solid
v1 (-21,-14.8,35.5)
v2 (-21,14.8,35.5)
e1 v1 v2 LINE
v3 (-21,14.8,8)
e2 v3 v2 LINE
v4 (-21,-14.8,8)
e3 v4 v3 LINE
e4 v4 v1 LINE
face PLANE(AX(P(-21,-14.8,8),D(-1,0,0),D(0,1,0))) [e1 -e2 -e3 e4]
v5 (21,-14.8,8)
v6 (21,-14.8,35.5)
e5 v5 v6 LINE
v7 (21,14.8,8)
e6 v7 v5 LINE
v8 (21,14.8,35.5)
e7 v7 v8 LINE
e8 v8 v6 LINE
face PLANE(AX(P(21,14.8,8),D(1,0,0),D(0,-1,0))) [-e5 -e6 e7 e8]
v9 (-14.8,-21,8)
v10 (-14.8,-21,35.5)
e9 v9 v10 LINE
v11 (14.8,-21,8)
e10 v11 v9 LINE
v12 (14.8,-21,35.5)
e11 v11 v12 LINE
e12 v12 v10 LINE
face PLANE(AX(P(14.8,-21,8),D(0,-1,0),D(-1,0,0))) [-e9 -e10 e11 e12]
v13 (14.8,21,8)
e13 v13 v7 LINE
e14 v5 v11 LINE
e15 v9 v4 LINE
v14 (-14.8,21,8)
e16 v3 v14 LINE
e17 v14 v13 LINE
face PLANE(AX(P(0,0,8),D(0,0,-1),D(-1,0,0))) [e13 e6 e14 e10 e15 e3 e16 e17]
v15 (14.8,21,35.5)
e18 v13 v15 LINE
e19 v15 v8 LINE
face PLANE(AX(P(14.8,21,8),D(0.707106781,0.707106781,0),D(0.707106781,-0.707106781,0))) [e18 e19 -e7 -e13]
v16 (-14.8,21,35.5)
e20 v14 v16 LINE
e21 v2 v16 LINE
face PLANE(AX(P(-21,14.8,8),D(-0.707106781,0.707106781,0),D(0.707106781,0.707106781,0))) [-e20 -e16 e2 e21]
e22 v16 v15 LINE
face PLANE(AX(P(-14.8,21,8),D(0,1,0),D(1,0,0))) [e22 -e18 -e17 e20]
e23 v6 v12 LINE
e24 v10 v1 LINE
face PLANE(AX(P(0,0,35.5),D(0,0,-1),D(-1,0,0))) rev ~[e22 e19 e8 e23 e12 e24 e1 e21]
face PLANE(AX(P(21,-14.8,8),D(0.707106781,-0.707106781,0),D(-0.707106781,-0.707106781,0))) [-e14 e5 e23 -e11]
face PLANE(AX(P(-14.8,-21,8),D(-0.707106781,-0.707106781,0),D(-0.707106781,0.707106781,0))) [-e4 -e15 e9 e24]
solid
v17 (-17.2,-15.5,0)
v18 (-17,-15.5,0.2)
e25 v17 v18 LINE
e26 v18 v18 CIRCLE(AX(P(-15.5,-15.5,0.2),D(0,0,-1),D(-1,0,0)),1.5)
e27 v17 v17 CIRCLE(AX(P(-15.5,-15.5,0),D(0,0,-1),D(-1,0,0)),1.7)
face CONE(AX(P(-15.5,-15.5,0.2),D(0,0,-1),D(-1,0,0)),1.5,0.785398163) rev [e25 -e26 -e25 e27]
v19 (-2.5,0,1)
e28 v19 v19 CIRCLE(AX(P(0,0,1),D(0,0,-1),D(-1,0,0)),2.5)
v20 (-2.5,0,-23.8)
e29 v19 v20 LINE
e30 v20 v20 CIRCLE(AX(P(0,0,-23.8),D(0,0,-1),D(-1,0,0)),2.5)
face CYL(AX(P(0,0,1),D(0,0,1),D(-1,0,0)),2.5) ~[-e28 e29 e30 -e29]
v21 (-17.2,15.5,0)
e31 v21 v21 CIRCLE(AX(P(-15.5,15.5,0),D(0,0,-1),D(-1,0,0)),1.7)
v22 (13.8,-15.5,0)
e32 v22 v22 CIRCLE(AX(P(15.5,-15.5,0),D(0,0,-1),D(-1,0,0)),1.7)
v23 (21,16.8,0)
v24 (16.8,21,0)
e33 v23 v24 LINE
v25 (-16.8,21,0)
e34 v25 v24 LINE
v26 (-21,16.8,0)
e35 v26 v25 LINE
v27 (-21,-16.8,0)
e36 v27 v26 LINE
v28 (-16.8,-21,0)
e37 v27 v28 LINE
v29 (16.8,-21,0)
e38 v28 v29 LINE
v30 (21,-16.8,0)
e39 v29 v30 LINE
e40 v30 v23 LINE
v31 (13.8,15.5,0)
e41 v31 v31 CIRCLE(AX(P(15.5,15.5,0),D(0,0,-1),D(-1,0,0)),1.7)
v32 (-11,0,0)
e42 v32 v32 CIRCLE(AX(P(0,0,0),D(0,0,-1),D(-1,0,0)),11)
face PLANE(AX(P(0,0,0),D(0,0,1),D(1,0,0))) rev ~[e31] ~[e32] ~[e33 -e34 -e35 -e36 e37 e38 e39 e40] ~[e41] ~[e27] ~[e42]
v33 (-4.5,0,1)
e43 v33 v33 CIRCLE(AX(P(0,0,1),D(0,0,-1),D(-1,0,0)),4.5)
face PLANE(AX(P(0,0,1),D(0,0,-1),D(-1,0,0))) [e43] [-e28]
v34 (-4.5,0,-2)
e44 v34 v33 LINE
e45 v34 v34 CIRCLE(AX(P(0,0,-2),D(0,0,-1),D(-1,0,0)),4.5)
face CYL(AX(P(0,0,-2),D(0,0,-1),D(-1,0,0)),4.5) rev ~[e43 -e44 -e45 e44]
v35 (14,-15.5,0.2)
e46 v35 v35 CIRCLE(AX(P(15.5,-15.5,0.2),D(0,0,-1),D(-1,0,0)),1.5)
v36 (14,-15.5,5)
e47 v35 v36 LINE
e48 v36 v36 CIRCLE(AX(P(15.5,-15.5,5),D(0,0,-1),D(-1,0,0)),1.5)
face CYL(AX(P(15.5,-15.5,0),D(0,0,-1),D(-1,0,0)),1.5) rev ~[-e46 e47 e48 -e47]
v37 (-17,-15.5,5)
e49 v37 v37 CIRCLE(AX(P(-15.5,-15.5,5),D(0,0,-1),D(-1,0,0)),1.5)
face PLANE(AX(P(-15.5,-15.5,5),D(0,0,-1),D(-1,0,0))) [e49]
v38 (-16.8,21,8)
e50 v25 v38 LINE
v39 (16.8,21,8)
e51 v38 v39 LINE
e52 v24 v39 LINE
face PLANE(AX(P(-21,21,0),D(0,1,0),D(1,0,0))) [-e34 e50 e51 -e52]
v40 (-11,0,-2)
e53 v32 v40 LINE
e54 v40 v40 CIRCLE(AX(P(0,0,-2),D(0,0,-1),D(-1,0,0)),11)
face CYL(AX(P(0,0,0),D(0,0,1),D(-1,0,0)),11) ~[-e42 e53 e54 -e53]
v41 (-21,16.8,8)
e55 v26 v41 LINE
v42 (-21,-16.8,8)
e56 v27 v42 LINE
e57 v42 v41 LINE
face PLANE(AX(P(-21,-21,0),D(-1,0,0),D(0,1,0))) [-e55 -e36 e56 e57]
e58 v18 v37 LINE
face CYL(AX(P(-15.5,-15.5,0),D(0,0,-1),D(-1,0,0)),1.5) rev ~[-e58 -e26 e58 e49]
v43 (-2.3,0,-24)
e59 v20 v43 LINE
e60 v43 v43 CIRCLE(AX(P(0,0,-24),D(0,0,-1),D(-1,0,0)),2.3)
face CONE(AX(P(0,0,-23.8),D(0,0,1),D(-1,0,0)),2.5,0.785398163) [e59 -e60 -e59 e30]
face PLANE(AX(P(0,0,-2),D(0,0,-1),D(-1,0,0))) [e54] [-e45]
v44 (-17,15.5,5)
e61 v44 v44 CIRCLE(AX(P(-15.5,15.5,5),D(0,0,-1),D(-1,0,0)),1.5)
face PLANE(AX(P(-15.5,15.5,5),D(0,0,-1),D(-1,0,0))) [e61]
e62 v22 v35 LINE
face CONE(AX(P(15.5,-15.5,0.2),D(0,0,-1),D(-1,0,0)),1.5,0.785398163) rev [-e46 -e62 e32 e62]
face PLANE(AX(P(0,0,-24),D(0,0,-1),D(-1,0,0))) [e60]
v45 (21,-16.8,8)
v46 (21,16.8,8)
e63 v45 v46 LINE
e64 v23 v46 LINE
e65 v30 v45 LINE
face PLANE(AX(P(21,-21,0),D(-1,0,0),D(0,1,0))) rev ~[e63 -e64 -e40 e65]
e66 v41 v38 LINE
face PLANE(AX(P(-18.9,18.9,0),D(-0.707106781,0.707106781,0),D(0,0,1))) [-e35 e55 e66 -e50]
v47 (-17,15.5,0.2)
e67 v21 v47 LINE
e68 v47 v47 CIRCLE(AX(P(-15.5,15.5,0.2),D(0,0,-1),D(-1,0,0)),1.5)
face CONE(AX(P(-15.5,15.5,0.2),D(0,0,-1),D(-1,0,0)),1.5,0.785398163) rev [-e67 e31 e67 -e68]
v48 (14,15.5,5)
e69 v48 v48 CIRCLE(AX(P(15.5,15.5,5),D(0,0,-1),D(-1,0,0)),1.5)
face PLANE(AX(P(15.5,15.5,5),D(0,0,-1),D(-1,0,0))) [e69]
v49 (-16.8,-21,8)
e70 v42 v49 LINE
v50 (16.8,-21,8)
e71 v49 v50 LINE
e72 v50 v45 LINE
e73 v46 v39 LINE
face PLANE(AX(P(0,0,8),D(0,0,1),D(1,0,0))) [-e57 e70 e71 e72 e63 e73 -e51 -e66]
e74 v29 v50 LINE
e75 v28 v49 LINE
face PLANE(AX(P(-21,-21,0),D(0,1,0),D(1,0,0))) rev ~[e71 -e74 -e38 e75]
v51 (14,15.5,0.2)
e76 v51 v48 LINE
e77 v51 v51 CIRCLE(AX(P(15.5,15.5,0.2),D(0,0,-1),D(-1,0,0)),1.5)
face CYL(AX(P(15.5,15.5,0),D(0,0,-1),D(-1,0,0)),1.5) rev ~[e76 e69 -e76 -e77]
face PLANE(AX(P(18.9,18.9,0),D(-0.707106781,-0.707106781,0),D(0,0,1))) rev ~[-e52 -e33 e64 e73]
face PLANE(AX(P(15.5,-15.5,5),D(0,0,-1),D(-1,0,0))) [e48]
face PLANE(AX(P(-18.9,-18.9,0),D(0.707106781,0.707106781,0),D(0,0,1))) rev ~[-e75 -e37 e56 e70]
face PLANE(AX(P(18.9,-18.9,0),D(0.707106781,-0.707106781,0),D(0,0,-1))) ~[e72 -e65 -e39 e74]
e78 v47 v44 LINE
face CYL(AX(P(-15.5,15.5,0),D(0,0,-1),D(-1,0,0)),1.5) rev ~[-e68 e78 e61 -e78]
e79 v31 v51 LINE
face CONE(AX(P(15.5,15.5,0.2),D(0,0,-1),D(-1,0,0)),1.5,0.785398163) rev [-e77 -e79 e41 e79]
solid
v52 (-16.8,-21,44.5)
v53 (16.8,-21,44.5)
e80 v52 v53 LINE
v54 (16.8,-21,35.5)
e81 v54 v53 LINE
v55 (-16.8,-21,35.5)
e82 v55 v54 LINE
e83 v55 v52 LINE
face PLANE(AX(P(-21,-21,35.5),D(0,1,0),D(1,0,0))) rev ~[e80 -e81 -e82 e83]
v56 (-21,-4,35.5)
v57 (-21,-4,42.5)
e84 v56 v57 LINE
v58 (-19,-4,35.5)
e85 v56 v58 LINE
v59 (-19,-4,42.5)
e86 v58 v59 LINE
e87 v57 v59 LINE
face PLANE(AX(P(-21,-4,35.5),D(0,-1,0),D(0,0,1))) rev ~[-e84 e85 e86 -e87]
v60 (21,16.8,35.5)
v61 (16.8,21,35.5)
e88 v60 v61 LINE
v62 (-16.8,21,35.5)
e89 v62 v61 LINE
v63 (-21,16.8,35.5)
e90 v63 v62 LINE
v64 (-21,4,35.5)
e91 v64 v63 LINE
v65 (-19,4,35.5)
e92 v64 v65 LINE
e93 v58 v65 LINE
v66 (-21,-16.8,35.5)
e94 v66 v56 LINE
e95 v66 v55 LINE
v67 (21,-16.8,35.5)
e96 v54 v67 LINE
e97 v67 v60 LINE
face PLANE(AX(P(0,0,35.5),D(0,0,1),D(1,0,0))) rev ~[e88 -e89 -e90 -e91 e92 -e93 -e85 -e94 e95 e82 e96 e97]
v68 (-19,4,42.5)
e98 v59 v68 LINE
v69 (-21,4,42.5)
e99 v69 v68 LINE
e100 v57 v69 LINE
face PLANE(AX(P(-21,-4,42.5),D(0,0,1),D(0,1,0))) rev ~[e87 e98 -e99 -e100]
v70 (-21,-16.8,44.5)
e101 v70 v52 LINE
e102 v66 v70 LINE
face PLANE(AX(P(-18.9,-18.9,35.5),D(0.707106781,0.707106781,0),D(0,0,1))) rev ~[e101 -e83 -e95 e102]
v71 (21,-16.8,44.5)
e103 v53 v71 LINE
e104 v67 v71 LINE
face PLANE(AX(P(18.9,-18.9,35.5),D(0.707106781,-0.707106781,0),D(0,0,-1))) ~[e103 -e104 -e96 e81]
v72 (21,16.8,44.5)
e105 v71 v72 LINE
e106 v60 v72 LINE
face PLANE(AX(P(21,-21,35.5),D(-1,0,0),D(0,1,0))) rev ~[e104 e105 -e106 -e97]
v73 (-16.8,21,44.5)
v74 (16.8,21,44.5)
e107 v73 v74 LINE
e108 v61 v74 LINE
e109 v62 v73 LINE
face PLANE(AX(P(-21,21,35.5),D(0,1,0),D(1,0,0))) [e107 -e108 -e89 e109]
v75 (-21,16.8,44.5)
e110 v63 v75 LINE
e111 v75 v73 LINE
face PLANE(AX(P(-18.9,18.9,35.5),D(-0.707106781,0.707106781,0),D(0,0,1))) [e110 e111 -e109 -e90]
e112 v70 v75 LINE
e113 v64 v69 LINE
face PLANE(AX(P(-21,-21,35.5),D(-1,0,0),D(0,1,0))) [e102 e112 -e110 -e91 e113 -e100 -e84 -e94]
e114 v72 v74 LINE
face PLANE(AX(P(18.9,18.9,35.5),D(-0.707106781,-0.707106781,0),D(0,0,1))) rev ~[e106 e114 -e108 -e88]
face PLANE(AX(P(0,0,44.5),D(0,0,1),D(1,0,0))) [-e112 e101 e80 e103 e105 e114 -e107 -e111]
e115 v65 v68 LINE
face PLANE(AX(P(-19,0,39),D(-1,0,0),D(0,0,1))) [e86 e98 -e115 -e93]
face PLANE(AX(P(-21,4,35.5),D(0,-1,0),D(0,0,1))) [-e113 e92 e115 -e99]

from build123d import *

# Parameters (mm, degrees)
ESQUISSE1_W             = 42
ESQUISSE1_H             = 42
BOSS_EXTRU_1_DEPTH      = 8
CHANFREIN1_SIZE         = 4.2
BOSS_EXTRU_2_DEPTH      = 27.5
ESQUISSE4_W             = 42
ESQUISSE4_H             = 42
BOSS_EXTRU_3_DEPTH      = 9
CHANFREIN3_SIZE         = 4.2
ESQUISSE5_R             = 11
BOSS_EXTRU_4_DEPTH      = 2
ESQUISSE6_R             = 4.5
ENL_V_MAT_EXTRU_1_DEPTH = 3
ESQUISSE7_R             = 2.5
BOSS_EXTRU_5_DEPTH      = 25
CHANFREIN4_SIZE         = 0.2
ESQUISSE8_R             = 1.5
ENL_V_MAT_EXTRU_2_DEPTH = 5
CHANFREIN5_SIZE         = 0.2
ESQUISSE9_W             = 7
ESQUISSE9_H             = 8
ENL_V_MAT_EXTRU_3_DEPTH = 2


with BuildPart() as part:
    # Esquisse1 → Boss.-Extru.1 (new body)
    with BuildSketch(Plane.XY):
        Rectangle(ESQUISSE1_W, ESQUISSE1_H)
    extrude(amount=BOSS_EXTRU_1_DEPTH)

    # Chanfrein1
    chanfrein1_edges = [part.edges().sort_by_distance(p)[0] for p in [
        (21, -21, 4),
        (-21, -21, 4),
        (-21, 21, 4),
        (21, 21, 4),
    ]]
    chamfer(chanfrein1_edges, length=CHANFREIN1_SIZE)

    # Esquisse5 → Boss.-Extru.4 (add)
    with BuildSketch(Plane(origin=(0, 0, 0), x_dir=(-1, 0, 0), z_dir=(0, 0, -1))):
        Circle(ESQUISSE5_R)
    extrude(amount=BOSS_EXTRU_4_DEPTH)

    # Esquisse6 → Enlèv. mat.-Extru.1 (cut)
    with BuildSketch(Plane(origin=(0, 0, -2), x_dir=(-1, 0, 0), z_dir=(0, 0, -1))):
        Circle(ESQUISSE6_R)
    extrude(amount=-ENL_V_MAT_EXTRU_1_DEPTH, mode=Mode.SUBTRACT)

    # Esquisse7 → Boss.-Extru.5 (add)
    with BuildSketch(Plane(origin=(0, 0, 1), x_dir=(-1, 0, 0), z_dir=(0, 0, -1))):
        Circle(ESQUISSE7_R)
    extrude(amount=BOSS_EXTRU_5_DEPTH)

    # Chanfrein4
    chanfrein4_edges = [part.edges().sort_by_distance(p)[0] for p in [
        (2.5, 0, -24),
    ]]
    chamfer(chanfrein4_edges, length=CHANFREIN4_SIZE)

    # Esquisse8 → Enlèv. mat.-Extru.2 (cut)
    with BuildSketch(Plane(origin=(0, 0, 0), x_dir=(-1, 0, 0), z_dir=(0, 0, -1))):
        with Locations((-15.5, 15.5)):
            Circle(ESQUISSE8_R)
        with Locations((15.5, 15.5)):
            Circle(ESQUISSE8_R)
        with Locations((15.5, -15.5)):
            Circle(ESQUISSE8_R)
        with Locations((-15.5, -15.5)):
            Circle(ESQUISSE8_R)
    extrude(amount=-ENL_V_MAT_EXTRU_2_DEPTH, mode=Mode.SUBTRACT)

    # Chanfrein5
    chanfrein5_edges = [part.edges().sort_by_distance(p)[0] for p in [
        (17, 15.5, 0),
        (-14, 15.5, 0),
        (-14, -15.5, 0),
        (17, -15.5, 0),
    ]]
    chamfer(chanfrein5_edges, length=CHANFREIN5_SIZE)


with BuildPart() as body_2:
    # Esquisse3 → Boss.-Extru.2 (new body)
    with BuildSketch(Plane.XY.offset(8)):
        Polygon((-21, 14.8), (-14.8, 21), (14.8, 21), (21, 14.8), (21, -14.8), (14.8, -21), (-14.8, -21), (-21, -14.8), align=None)
    extrude(amount=BOSS_EXTRU_2_DEPTH)


with BuildPart() as body_3:
    # Esquisse4 → Boss.-Extru.3 (new body)
    with BuildSketch(Plane.XY.offset(35.5)):
        Rectangle(ESQUISSE4_W, ESQUISSE4_H)
    extrude(amount=BOSS_EXTRU_3_DEPTH)

    # Chanfrein3
    chanfrein3_edges = [body_3.edges().sort_by_distance(p)[0] for p in [
        (21, -21, 40),
        (-21, -21, 40),
        (-21, 21, 40),
        (21, 21, 40),
    ]]
    chamfer(chanfrein3_edges, length=CHANFREIN3_SIZE)

    # Esquisse9 → Enlèv. mat.-Extru.3 (cut)
    with BuildSketch(Plane.ZY.offset(21)):
        with Locations((39, 0)):
            Rectangle(ESQUISSE9_W, ESQUISSE9_H)
    extrude(amount=-ENL_V_MAT_EXTRU_3_DEPTH, mode=Mode.SUBTRACT)


solid = Compound([part.part, body_2.part, body_3.part])
